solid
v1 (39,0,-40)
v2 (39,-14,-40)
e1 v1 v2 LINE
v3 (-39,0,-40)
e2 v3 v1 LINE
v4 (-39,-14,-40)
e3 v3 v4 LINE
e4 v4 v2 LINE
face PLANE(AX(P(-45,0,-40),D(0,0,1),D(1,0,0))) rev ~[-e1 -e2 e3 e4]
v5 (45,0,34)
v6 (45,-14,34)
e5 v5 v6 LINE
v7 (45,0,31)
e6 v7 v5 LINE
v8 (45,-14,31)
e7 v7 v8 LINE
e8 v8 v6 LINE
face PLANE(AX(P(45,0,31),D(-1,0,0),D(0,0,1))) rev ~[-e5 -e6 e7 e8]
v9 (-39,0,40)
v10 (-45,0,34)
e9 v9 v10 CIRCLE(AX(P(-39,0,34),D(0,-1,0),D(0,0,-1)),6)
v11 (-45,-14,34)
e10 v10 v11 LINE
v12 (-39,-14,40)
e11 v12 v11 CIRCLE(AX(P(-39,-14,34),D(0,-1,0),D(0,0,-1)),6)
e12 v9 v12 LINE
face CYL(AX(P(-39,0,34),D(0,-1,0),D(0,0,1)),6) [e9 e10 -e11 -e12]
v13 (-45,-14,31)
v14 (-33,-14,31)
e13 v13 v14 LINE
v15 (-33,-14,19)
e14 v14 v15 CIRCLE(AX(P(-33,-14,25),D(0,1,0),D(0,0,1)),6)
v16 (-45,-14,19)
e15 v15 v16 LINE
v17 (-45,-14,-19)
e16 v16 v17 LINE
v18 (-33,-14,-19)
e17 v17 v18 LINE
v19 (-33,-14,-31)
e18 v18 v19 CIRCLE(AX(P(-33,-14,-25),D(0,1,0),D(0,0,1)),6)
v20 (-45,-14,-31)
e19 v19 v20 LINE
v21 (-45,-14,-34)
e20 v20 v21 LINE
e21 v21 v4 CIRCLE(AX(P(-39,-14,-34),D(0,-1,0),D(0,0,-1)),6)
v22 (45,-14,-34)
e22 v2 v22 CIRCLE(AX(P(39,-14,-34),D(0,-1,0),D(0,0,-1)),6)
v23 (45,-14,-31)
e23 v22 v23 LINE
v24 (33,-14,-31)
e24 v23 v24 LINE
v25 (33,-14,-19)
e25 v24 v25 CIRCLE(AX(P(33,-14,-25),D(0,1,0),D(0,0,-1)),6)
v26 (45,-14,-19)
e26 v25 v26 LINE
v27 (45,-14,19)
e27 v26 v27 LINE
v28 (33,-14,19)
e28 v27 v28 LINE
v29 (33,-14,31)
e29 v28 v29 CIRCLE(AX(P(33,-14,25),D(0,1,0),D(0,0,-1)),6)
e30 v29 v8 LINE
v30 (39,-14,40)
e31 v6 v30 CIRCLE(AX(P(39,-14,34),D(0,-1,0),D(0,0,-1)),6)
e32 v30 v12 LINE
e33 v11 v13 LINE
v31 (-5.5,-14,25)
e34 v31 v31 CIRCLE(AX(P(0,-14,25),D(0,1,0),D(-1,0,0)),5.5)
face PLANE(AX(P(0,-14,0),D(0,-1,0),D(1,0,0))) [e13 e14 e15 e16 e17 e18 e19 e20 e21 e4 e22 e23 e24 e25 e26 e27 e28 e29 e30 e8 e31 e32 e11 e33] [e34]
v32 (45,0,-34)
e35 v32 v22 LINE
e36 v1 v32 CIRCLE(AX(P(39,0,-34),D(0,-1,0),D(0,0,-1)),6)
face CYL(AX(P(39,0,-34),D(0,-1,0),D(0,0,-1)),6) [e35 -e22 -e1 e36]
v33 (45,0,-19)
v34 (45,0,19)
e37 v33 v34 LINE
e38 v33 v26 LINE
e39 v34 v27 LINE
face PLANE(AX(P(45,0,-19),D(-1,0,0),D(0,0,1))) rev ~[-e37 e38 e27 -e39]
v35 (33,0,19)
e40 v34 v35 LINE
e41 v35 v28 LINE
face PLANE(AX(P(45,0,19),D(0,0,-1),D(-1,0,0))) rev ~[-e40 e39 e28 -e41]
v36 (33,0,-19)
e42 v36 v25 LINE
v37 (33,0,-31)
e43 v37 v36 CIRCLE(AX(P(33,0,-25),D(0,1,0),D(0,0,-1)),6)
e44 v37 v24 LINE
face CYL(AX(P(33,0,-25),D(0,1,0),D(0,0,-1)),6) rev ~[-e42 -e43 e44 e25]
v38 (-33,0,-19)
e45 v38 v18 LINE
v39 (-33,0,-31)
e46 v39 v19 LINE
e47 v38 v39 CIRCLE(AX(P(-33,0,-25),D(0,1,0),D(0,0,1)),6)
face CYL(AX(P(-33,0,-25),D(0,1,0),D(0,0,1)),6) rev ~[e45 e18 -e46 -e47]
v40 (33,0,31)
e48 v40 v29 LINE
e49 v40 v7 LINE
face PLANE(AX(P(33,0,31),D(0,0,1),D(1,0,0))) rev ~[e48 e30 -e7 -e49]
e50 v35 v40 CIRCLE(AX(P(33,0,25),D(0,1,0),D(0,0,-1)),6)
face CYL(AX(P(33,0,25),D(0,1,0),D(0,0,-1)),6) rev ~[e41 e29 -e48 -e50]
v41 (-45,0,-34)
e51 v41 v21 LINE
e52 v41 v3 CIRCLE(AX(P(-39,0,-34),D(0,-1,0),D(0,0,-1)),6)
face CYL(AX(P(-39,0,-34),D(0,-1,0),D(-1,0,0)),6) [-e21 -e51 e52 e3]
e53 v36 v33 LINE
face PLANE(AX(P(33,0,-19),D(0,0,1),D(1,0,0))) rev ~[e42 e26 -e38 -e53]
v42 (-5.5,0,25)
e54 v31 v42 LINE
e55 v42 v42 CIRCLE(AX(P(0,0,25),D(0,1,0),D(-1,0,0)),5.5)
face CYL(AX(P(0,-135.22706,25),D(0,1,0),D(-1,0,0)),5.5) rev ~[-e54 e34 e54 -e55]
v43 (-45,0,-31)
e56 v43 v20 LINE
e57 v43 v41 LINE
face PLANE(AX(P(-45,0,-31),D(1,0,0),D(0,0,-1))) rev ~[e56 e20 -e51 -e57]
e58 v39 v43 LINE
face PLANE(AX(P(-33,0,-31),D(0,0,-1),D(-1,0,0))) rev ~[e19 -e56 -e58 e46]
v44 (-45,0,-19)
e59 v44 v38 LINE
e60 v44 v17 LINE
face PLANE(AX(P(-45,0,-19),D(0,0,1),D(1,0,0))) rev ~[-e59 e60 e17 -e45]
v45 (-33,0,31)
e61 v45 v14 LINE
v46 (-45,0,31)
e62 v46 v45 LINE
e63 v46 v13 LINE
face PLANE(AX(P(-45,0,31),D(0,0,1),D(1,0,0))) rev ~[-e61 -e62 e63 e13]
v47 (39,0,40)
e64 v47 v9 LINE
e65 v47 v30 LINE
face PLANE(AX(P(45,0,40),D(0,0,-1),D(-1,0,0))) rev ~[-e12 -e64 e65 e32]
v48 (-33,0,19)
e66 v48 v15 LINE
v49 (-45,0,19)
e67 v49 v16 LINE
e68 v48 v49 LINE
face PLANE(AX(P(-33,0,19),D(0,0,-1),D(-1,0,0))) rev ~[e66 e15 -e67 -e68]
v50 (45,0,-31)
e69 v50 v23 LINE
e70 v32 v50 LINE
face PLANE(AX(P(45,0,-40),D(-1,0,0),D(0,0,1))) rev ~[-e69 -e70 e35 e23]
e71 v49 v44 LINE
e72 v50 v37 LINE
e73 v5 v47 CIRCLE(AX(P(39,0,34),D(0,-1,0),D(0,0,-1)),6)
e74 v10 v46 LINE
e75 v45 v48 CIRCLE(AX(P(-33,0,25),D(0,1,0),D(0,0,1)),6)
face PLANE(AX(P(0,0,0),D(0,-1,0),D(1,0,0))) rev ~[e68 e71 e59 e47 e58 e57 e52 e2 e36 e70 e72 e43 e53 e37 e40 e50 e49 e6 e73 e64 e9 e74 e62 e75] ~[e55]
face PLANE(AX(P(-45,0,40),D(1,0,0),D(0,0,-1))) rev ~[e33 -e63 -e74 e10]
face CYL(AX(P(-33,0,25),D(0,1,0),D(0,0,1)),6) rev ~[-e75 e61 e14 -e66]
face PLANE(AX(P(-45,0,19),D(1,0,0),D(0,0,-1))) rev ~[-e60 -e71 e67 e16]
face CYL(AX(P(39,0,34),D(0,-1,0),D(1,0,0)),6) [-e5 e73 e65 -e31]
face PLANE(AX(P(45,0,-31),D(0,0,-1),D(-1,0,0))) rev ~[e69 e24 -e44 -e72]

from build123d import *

# Parameters (mm, degrees)
F1_DEPTH = 14
F2_R     = 6
F4_D     = 11


with BuildPart() as f1:
    # F0 (on Front) → F1 (new body)
    with BuildSketch(Plane.XZ):
        with BuildLine():
            Line((45, 31), (45, 40))
            Line((45, 40), (-45, 40))
            Line((-45, 40), (-45, 31))
            Line((-45, 31), (-33, 31))
            ThreePointArc((-33, 31), (-27, 25), (-33, 19))
            Line((-33, 19), (-45, 19))
            Line((-45, 19), (-45, -19))
            Line((-45, -19), (-33, -19))
            ThreePointArc((-33, -19), (-27, -25), (-33, -31))
            Line((-33, -31), (-45, -31))
            Line((-45, -31), (-45, -40))
            Line((-45, -40), (45, -40))
            Line((45, -40), (45, -31))
            Line((45, -31), (33, -31))
            ThreePointArc((33, -31), (27, -25), (33, -19))
            Line((33, -19), (45, -19))
            Line((45, -19), (45, 19))
            Line((45, 19), (33, 19))
            ThreePointArc((33, 19), (27, 25), (33, 31))
            Line((33, 31), (45, 31))
        make_face()
    extrude(amount=F1_DEPTH)

    # F2
    f2_edges = [f1.edges().sort_by_distance(p)[0] for p in [
        (-45, -7, 40),
        (-45, -7, -40),
        (45, -7, 40),
        (45, -7, -40),
    ]]
    fillet(f2_edges, radius=F2_R)

    # F4 (through all)
    with Locations(Plane.XZ.offset(14)):
        with Locations((0, 25)):
            Hole(F4_D / 2)


solid = f1.part
